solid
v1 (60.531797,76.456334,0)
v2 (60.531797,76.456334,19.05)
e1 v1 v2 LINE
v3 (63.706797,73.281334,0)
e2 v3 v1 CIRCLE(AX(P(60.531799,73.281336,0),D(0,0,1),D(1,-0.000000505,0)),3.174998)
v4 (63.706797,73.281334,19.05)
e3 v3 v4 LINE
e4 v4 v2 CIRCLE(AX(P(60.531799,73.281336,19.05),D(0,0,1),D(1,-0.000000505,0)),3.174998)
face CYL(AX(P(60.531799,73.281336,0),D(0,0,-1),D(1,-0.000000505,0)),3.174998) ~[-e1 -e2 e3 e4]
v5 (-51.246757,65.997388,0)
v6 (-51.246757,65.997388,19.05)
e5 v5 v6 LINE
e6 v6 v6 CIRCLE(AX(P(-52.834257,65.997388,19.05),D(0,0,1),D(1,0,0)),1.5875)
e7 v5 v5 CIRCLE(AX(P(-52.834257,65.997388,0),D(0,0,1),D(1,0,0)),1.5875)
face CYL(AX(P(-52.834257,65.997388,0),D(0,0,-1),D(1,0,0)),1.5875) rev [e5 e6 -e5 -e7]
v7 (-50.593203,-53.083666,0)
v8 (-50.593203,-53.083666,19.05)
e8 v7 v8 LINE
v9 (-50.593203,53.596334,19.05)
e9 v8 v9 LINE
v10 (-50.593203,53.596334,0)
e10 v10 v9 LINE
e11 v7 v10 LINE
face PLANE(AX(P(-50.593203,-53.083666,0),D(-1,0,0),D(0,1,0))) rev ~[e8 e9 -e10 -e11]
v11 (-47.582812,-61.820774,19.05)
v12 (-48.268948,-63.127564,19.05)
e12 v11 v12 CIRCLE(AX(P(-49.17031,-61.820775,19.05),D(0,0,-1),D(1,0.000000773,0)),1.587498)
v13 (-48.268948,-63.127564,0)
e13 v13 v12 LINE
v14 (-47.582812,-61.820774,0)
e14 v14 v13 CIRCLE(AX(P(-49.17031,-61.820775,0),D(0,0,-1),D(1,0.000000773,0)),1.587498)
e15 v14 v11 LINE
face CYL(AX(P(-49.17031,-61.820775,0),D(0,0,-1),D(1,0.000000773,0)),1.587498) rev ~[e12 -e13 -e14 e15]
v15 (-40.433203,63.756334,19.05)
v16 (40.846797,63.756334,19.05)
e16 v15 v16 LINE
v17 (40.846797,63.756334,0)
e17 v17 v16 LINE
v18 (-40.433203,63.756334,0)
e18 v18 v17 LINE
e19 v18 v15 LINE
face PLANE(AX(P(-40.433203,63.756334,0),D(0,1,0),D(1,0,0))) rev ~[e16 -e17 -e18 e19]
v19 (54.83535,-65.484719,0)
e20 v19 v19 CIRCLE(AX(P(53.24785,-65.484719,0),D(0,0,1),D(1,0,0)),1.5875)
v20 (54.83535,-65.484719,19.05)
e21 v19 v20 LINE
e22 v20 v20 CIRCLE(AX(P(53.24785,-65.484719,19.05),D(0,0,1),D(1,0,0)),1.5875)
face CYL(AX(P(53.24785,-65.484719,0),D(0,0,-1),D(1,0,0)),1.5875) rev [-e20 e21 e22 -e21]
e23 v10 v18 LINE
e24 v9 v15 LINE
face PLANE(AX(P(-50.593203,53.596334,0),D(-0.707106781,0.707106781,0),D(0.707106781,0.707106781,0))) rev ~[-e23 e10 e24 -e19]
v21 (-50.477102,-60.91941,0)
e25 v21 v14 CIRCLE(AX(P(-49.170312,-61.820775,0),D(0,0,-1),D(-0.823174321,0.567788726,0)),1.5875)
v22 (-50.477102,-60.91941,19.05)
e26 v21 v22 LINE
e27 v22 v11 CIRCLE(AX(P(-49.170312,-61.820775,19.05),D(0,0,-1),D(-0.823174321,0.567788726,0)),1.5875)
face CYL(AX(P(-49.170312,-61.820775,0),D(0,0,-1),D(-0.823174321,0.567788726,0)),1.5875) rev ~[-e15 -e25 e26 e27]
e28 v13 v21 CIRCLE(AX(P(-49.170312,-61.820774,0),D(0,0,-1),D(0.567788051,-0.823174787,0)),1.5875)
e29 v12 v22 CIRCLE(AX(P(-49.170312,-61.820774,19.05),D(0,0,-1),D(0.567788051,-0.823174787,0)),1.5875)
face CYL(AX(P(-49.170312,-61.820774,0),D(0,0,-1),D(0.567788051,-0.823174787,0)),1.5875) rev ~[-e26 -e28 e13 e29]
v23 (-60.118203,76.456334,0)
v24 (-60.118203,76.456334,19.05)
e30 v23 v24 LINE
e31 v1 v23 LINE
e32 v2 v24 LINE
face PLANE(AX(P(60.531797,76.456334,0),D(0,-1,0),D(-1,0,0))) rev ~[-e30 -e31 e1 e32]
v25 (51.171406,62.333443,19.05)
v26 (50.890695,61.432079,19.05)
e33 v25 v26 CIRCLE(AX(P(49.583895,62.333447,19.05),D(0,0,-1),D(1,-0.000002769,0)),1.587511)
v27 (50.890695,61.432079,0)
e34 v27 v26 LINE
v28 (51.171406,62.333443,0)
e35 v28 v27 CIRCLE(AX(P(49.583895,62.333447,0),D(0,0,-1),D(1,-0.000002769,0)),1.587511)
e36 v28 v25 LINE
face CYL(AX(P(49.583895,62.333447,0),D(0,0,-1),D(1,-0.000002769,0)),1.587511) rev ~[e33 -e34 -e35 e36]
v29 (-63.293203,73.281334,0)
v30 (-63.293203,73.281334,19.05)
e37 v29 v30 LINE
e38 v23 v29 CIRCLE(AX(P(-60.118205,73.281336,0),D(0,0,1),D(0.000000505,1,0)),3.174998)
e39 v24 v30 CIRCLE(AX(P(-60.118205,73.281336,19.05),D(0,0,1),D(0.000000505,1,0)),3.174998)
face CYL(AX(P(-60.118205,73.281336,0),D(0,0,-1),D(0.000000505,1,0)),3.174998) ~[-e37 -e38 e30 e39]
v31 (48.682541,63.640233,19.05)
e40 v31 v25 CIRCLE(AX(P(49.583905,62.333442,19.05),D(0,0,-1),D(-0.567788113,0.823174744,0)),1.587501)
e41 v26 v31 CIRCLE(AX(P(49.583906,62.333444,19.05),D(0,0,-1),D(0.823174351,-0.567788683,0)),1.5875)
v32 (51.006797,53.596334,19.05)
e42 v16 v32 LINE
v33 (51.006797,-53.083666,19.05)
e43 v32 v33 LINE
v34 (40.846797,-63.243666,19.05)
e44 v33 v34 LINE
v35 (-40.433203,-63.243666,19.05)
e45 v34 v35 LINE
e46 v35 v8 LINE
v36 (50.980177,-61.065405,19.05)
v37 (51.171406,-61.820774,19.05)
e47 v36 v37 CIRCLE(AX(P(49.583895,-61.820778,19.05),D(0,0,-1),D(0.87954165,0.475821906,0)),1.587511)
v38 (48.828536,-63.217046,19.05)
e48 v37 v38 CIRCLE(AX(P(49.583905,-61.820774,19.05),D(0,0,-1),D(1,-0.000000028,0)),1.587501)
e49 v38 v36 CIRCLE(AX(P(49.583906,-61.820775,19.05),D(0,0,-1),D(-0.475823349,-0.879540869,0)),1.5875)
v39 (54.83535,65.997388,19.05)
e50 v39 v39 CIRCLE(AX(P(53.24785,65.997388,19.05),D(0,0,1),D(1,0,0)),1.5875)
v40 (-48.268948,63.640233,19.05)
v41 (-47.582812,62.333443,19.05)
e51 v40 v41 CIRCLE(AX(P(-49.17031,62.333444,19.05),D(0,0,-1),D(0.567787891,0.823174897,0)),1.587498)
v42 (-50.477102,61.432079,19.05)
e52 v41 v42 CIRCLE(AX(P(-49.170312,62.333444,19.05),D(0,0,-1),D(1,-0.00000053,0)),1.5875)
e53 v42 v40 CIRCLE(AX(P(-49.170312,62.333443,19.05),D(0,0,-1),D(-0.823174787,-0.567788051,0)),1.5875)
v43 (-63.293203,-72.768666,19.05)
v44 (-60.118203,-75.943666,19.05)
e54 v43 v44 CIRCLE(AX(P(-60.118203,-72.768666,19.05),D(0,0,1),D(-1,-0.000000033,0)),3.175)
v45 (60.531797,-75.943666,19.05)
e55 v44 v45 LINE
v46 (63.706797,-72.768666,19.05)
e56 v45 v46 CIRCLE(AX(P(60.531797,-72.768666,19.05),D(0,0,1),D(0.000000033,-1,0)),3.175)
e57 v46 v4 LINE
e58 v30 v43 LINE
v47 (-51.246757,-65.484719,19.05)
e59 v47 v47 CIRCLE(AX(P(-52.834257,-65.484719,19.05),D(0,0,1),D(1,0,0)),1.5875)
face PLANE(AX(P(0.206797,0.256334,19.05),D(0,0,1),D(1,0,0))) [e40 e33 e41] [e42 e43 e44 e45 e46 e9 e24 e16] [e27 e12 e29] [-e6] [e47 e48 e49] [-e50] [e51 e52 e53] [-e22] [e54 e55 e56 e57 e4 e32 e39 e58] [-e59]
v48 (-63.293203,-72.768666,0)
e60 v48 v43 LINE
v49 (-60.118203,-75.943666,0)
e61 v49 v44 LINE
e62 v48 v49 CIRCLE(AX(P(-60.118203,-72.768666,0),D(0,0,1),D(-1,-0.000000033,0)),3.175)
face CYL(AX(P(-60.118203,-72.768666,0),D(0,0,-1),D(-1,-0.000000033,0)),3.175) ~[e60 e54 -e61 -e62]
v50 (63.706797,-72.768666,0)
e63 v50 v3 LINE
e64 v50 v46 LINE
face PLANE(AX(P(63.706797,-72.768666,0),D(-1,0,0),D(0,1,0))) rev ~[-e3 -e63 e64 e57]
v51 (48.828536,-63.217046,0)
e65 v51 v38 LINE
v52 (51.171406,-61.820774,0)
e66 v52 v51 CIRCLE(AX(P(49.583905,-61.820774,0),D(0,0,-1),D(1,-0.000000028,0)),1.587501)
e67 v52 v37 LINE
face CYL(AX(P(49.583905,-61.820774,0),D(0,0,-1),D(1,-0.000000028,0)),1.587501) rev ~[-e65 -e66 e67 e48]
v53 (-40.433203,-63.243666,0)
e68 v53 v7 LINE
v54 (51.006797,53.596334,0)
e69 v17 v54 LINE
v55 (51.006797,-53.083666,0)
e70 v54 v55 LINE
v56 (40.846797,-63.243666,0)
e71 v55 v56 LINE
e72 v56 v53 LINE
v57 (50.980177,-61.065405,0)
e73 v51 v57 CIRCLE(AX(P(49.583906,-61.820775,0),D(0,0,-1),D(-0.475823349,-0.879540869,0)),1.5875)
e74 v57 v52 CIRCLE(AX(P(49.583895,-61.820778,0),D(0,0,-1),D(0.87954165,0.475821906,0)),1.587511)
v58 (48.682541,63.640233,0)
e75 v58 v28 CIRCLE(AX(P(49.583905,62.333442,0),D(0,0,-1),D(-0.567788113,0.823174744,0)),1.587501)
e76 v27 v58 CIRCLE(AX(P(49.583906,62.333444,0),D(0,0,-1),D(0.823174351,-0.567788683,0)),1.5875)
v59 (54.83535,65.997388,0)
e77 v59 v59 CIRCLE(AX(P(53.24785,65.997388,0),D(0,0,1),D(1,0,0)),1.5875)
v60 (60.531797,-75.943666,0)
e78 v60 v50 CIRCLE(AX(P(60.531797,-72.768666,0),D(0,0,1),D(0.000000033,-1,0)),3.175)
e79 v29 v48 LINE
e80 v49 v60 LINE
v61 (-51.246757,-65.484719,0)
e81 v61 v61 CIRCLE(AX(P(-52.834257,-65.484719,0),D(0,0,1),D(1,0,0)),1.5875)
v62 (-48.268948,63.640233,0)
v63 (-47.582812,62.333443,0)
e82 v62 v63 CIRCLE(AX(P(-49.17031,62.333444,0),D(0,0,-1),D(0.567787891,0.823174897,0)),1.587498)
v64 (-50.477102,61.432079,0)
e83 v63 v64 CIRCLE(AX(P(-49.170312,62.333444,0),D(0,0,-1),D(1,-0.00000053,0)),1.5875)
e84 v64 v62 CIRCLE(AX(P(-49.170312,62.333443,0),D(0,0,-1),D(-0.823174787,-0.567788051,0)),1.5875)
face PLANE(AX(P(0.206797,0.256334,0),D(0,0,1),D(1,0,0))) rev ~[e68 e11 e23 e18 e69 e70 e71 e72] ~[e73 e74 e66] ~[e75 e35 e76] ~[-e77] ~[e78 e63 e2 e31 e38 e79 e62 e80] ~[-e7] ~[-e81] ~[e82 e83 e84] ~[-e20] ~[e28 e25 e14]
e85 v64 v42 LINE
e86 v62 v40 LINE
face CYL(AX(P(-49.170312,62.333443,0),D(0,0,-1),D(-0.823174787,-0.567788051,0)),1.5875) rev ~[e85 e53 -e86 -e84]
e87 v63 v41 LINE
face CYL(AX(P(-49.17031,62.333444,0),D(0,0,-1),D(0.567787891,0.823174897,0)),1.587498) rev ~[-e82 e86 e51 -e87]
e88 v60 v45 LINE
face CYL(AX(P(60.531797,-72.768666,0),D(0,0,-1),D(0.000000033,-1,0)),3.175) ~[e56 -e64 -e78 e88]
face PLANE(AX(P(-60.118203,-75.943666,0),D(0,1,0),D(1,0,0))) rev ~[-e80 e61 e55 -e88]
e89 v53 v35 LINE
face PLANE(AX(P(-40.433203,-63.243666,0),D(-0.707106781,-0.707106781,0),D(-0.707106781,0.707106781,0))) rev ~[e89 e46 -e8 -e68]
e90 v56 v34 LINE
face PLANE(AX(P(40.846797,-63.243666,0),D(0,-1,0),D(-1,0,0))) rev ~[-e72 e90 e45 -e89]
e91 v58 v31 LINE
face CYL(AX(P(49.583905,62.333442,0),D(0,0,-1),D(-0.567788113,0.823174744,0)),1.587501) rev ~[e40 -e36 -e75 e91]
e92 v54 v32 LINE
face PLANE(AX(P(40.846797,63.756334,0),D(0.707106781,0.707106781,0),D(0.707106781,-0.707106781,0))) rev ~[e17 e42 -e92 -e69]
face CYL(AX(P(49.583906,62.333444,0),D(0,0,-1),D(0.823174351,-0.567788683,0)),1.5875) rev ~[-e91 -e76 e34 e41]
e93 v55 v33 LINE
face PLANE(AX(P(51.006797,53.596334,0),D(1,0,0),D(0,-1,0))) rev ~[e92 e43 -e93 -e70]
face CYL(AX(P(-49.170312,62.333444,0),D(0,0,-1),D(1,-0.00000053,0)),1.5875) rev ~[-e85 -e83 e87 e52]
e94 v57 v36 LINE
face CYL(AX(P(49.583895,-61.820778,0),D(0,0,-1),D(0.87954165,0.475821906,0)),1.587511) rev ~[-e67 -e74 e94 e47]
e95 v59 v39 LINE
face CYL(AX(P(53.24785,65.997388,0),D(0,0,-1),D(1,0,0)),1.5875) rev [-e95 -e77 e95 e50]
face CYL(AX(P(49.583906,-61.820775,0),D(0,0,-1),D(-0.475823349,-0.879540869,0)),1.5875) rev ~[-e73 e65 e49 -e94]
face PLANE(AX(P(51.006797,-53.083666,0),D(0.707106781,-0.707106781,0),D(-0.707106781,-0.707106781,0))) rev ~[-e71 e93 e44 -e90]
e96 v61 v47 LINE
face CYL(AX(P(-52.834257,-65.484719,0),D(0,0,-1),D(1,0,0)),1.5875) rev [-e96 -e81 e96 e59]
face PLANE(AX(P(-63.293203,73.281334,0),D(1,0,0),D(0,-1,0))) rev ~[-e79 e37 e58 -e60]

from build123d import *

# Parameters (mm, degrees)
F0_R     = 1.5875
F1_DEPTH = 19.05


with BuildPart() as f1:
    # F0 (on Top) → F1 (new body)
    with BuildSketch(Plane.XY):
        with BuildLine():
            Line((60.531797, 76.456334), (-60.118203, 76.456334))
            ThreePointArc((-60.118203, 76.456334), (-62.363267, 75.526399), (-63.293203, 73.281334))
            Line((-63.293203, 73.281334), (-63.293203, -72.768666))
            ThreePointArc((-63.293203, -72.768666), (-62.363267, -75.01373), (-60.118203, -75.943666))
            Line((-60.118203, -75.943666), (60.531797, -75.943666))
            ThreePointArc((60.531797, -75.943666), (62.776861, -75.01373), (63.706797, -72.768666))
            Line((63.706797, -72.768666), (63.706797, 73.281334))
            ThreePointArc((63.706797, 73.281334), (62.776861, 75.526399), (60.531797, 76.456334))
        make_face()
        with BuildLine():
            ThreePointArc((-56.943203, 66.931334), (-56.013267, 69.176399), (-53.768203, 70.106334))
            Line((-53.768203, 70.106334), (54.181797, 70.106334))
            ThreePointArc((54.181797, 70.106334), (56.426861, 69.176399), (57.356797, 66.931334))
            Line((57.356797, 66.931334), (57.356797, -66.418666))
            ThreePointArc((57.356797, -66.418666), (56.426861, -68.66373), (54.181797, -69.593666))
            Line((54.181797, -69.593666), (-53.768203, -69.593666))
            ThreePointArc((-53.768203, -69.593666), (-56.013267, -68.66373), (-56.943203, -66.418666))
            Line((-56.943203, -66.418666), (-56.943203, 66.931334))
        make_face(mode=Mode.SUBTRACT)
        with BuildLine():
            Line((54.181797, 70.106334), (-53.768203, 70.106334))
            ThreePointArc((-53.768203, 70.106334), (-56.013267, 69.176399), (-56.943203, 66.931334))
            Line((-56.943203, 66.931334), (-56.943203, -66.418666))
            ThreePointArc((-56.943203, -66.418666), (-56.013267, -68.66373), (-53.768203, -69.593666))
            Line((-53.768203, -69.593666), (54.181797, -69.593666))
            ThreePointArc((54.181797, -69.593666), (56.426861, -68.66373), (57.356797, -66.418666))
            Line((57.356797, -66.418666), (57.356797, 66.931334))
            ThreePointArc((57.356797, 66.931334), (56.426861, 69.176399), (54.181797, 70.106334))
        make_face()
        with Locations((-52.834257, -65.484719)):
            Circle(F0_R, mode=Mode.SUBTRACT)
        with BuildLine():
            ThreePointArc((-48.268948, 63.640233), (-47.847518, 63.727175), (-47.418203, 63.756334))
            Line((-47.418203, 63.756334), (-40.433203, 63.756334))
            Line((-40.433203, 63.756334), (40.846797, 63.756334))
            Line((40.846797, 63.756334), (47.831797, 63.756334))
            ThreePointArc((47.831797, 63.756334), (48.261112, 63.727175), (48.682541, 63.640233))
            ThreePointArc((48.682541, 63.640233), (50.321889, 63.738981), (51.171406, 62.333443))
            ThreePointArc((51.171406, 62.333443), (51.099604, 61.861412), (50.890695, 61.432079))
            ThreePointArc((50.890695, 61.432079), (50.977637, 61.01065), (51.006797, 60.581334))
            Line((51.006797, 60.581334), (51.006797, 53.596334))
            Line((51.006797, 53.596334), (51.006797, -53.083666))
            Line((51.006797, -53.083666), (51.006797, -60.698242))
            ThreePointArc((51.006797, -60.698242), (51.000133, -60.882306), (50.980177, -61.065405))
            ThreePointArc((50.980177, -61.065405), (51.122856, -61.431175), (51.171406, -61.820774))
            ThreePointArc((51.171406, -61.820774), (50.39662, -63.184465), (48.828536, -63.217046))
            ThreePointArc((48.828536, -63.217046), (48.645437, -63.237002), (48.461374, -63.243666))
            Line((48.461374, -63.243666), (40.846797, -63.243666))
            Line((40.846797, -63.243666), (-40.433203, -63.243666))
            Line((-40.433203, -63.243666), (-47.418203, -63.243666))
            ThreePointArc((-47.418203, -63.243666), (-47.847518, -63.214506), (-48.268948, -63.127564))
            ThreePointArc((-48.268948, -63.127564), (-50.292844, -62.943306), (-50.477102, -60.91941))
            ThreePointArc((-50.477102, -60.91941), (-50.564044, -60.497981), (-50.593203, -60.068666))
            Line((-50.593203, -60.068666), (-50.593203, -53.083666))
            Line((-50.593203, -53.083666), (-50.593203, 53.596334))
            Line((-50.593203, 53.596334), (-50.593203, 60.581334))
            ThreePointArc((-50.593203, 60.581334), (-50.564044, 61.01065), (-50.477102, 61.432079))
            ThreePointArc((-50.477102, 61.432079), (-50.292844, 63.455975), (-48.268948, 63.640233))
        make_face(mode=Mode.SUBTRACT)
        with Locations((53.24785, -65.484719)):
            Circle(F0_R, mode=Mode.SUBTRACT)
        with Locations((-52.834257, 65.997388)):
            Circle(F0_R, mode=Mode.SUBTRACT)
        with Locations((53.24785, 65.997388)):
            Circle(F0_R, mode=Mode.SUBTRACT)
        with BuildLine():
            Line((-40.433203, 63.756334), (-47.418203, 63.756334))
            ThreePointArc((-47.418203, 63.756334), (-47.847518, 63.727175), (-48.268948, 63.640233))
            ThreePointArc((-48.268948, 63.640233), (-47.764774, 63.071427), (-47.582812, 62.333443))
            ThreePointArc((-47.582812, 62.333443), (-48.69828, 60.817745), (-50.477102, 61.432079))
            ThreePointArc((-50.477102, 61.432079), (-50.564044, 61.01065), (-50.593203, 60.581334))
            Line((-50.593203, 60.581334), (-50.593203, 53.596334))
            Line((-50.593203, 53.596334), (-40.433203, 63.756334))
        make_face()
        with BuildLine():
            Line((47.831797, 63.756334), (40.846797, 63.756334))
            Line((40.846797, 63.756334), (51.006797, 53.596334))
            Line((51.006797, 53.596334), (51.006797, 60.581334))
            ThreePointArc((51.006797, 60.581334), (50.977637, 61.01065), (50.890695, 61.432079))
            ThreePointArc((50.890695, 61.432079), (48.461374, 61.210911), (48.682541, 63.640233))
            ThreePointArc((48.682541, 63.640233), (48.261112, 63.727175), (47.831797, 63.756334))
        make_face()
        with BuildLine():
            Line((51.006797, -60.698242), (51.006797, -53.083666))
            Line((51.006797, -53.083666), (40.846797, -63.243666))
            Line((40.846797, -63.243666), (48.461374, -63.243666))
            ThreePointArc((48.461374, -63.243666), (48.645437, -63.237002), (48.828536, -63.217046))
            ThreePointArc((48.828536, -63.217046), (48.461374, -60.698242), (50.980177, -61.065405))
            ThreePointArc((50.980177, -61.065405), (51.000133, -60.882306), (51.006797, -60.698242))
        make_face()
        with BuildLine():
            Line((-40.433203, -63.243666), (-50.593203, -53.083666))
            Line((-50.593203, -53.083666), (-50.593203, -60.068666))
            ThreePointArc((-50.593203, -60.068666), (-50.564044, -60.497981), (-50.477102, -60.91941))
            ThreePointArc((-50.477102, -60.91941), (-48.69828, -60.305076), (-47.582812, -61.820774))
            ThreePointArc((-47.582812, -61.820774), (-47.764774, -62.558758), (-48.268948, -63.127564))
            ThreePointArc((-48.268948, -63.127564), (-47.847518, -63.214506), (-47.418203, -63.243666))
            Line((-47.418203, -63.243666), (-40.433203, -63.243666))
        make_face()
    extrude(amount=F1_DEPTH)


solid = f1.part
